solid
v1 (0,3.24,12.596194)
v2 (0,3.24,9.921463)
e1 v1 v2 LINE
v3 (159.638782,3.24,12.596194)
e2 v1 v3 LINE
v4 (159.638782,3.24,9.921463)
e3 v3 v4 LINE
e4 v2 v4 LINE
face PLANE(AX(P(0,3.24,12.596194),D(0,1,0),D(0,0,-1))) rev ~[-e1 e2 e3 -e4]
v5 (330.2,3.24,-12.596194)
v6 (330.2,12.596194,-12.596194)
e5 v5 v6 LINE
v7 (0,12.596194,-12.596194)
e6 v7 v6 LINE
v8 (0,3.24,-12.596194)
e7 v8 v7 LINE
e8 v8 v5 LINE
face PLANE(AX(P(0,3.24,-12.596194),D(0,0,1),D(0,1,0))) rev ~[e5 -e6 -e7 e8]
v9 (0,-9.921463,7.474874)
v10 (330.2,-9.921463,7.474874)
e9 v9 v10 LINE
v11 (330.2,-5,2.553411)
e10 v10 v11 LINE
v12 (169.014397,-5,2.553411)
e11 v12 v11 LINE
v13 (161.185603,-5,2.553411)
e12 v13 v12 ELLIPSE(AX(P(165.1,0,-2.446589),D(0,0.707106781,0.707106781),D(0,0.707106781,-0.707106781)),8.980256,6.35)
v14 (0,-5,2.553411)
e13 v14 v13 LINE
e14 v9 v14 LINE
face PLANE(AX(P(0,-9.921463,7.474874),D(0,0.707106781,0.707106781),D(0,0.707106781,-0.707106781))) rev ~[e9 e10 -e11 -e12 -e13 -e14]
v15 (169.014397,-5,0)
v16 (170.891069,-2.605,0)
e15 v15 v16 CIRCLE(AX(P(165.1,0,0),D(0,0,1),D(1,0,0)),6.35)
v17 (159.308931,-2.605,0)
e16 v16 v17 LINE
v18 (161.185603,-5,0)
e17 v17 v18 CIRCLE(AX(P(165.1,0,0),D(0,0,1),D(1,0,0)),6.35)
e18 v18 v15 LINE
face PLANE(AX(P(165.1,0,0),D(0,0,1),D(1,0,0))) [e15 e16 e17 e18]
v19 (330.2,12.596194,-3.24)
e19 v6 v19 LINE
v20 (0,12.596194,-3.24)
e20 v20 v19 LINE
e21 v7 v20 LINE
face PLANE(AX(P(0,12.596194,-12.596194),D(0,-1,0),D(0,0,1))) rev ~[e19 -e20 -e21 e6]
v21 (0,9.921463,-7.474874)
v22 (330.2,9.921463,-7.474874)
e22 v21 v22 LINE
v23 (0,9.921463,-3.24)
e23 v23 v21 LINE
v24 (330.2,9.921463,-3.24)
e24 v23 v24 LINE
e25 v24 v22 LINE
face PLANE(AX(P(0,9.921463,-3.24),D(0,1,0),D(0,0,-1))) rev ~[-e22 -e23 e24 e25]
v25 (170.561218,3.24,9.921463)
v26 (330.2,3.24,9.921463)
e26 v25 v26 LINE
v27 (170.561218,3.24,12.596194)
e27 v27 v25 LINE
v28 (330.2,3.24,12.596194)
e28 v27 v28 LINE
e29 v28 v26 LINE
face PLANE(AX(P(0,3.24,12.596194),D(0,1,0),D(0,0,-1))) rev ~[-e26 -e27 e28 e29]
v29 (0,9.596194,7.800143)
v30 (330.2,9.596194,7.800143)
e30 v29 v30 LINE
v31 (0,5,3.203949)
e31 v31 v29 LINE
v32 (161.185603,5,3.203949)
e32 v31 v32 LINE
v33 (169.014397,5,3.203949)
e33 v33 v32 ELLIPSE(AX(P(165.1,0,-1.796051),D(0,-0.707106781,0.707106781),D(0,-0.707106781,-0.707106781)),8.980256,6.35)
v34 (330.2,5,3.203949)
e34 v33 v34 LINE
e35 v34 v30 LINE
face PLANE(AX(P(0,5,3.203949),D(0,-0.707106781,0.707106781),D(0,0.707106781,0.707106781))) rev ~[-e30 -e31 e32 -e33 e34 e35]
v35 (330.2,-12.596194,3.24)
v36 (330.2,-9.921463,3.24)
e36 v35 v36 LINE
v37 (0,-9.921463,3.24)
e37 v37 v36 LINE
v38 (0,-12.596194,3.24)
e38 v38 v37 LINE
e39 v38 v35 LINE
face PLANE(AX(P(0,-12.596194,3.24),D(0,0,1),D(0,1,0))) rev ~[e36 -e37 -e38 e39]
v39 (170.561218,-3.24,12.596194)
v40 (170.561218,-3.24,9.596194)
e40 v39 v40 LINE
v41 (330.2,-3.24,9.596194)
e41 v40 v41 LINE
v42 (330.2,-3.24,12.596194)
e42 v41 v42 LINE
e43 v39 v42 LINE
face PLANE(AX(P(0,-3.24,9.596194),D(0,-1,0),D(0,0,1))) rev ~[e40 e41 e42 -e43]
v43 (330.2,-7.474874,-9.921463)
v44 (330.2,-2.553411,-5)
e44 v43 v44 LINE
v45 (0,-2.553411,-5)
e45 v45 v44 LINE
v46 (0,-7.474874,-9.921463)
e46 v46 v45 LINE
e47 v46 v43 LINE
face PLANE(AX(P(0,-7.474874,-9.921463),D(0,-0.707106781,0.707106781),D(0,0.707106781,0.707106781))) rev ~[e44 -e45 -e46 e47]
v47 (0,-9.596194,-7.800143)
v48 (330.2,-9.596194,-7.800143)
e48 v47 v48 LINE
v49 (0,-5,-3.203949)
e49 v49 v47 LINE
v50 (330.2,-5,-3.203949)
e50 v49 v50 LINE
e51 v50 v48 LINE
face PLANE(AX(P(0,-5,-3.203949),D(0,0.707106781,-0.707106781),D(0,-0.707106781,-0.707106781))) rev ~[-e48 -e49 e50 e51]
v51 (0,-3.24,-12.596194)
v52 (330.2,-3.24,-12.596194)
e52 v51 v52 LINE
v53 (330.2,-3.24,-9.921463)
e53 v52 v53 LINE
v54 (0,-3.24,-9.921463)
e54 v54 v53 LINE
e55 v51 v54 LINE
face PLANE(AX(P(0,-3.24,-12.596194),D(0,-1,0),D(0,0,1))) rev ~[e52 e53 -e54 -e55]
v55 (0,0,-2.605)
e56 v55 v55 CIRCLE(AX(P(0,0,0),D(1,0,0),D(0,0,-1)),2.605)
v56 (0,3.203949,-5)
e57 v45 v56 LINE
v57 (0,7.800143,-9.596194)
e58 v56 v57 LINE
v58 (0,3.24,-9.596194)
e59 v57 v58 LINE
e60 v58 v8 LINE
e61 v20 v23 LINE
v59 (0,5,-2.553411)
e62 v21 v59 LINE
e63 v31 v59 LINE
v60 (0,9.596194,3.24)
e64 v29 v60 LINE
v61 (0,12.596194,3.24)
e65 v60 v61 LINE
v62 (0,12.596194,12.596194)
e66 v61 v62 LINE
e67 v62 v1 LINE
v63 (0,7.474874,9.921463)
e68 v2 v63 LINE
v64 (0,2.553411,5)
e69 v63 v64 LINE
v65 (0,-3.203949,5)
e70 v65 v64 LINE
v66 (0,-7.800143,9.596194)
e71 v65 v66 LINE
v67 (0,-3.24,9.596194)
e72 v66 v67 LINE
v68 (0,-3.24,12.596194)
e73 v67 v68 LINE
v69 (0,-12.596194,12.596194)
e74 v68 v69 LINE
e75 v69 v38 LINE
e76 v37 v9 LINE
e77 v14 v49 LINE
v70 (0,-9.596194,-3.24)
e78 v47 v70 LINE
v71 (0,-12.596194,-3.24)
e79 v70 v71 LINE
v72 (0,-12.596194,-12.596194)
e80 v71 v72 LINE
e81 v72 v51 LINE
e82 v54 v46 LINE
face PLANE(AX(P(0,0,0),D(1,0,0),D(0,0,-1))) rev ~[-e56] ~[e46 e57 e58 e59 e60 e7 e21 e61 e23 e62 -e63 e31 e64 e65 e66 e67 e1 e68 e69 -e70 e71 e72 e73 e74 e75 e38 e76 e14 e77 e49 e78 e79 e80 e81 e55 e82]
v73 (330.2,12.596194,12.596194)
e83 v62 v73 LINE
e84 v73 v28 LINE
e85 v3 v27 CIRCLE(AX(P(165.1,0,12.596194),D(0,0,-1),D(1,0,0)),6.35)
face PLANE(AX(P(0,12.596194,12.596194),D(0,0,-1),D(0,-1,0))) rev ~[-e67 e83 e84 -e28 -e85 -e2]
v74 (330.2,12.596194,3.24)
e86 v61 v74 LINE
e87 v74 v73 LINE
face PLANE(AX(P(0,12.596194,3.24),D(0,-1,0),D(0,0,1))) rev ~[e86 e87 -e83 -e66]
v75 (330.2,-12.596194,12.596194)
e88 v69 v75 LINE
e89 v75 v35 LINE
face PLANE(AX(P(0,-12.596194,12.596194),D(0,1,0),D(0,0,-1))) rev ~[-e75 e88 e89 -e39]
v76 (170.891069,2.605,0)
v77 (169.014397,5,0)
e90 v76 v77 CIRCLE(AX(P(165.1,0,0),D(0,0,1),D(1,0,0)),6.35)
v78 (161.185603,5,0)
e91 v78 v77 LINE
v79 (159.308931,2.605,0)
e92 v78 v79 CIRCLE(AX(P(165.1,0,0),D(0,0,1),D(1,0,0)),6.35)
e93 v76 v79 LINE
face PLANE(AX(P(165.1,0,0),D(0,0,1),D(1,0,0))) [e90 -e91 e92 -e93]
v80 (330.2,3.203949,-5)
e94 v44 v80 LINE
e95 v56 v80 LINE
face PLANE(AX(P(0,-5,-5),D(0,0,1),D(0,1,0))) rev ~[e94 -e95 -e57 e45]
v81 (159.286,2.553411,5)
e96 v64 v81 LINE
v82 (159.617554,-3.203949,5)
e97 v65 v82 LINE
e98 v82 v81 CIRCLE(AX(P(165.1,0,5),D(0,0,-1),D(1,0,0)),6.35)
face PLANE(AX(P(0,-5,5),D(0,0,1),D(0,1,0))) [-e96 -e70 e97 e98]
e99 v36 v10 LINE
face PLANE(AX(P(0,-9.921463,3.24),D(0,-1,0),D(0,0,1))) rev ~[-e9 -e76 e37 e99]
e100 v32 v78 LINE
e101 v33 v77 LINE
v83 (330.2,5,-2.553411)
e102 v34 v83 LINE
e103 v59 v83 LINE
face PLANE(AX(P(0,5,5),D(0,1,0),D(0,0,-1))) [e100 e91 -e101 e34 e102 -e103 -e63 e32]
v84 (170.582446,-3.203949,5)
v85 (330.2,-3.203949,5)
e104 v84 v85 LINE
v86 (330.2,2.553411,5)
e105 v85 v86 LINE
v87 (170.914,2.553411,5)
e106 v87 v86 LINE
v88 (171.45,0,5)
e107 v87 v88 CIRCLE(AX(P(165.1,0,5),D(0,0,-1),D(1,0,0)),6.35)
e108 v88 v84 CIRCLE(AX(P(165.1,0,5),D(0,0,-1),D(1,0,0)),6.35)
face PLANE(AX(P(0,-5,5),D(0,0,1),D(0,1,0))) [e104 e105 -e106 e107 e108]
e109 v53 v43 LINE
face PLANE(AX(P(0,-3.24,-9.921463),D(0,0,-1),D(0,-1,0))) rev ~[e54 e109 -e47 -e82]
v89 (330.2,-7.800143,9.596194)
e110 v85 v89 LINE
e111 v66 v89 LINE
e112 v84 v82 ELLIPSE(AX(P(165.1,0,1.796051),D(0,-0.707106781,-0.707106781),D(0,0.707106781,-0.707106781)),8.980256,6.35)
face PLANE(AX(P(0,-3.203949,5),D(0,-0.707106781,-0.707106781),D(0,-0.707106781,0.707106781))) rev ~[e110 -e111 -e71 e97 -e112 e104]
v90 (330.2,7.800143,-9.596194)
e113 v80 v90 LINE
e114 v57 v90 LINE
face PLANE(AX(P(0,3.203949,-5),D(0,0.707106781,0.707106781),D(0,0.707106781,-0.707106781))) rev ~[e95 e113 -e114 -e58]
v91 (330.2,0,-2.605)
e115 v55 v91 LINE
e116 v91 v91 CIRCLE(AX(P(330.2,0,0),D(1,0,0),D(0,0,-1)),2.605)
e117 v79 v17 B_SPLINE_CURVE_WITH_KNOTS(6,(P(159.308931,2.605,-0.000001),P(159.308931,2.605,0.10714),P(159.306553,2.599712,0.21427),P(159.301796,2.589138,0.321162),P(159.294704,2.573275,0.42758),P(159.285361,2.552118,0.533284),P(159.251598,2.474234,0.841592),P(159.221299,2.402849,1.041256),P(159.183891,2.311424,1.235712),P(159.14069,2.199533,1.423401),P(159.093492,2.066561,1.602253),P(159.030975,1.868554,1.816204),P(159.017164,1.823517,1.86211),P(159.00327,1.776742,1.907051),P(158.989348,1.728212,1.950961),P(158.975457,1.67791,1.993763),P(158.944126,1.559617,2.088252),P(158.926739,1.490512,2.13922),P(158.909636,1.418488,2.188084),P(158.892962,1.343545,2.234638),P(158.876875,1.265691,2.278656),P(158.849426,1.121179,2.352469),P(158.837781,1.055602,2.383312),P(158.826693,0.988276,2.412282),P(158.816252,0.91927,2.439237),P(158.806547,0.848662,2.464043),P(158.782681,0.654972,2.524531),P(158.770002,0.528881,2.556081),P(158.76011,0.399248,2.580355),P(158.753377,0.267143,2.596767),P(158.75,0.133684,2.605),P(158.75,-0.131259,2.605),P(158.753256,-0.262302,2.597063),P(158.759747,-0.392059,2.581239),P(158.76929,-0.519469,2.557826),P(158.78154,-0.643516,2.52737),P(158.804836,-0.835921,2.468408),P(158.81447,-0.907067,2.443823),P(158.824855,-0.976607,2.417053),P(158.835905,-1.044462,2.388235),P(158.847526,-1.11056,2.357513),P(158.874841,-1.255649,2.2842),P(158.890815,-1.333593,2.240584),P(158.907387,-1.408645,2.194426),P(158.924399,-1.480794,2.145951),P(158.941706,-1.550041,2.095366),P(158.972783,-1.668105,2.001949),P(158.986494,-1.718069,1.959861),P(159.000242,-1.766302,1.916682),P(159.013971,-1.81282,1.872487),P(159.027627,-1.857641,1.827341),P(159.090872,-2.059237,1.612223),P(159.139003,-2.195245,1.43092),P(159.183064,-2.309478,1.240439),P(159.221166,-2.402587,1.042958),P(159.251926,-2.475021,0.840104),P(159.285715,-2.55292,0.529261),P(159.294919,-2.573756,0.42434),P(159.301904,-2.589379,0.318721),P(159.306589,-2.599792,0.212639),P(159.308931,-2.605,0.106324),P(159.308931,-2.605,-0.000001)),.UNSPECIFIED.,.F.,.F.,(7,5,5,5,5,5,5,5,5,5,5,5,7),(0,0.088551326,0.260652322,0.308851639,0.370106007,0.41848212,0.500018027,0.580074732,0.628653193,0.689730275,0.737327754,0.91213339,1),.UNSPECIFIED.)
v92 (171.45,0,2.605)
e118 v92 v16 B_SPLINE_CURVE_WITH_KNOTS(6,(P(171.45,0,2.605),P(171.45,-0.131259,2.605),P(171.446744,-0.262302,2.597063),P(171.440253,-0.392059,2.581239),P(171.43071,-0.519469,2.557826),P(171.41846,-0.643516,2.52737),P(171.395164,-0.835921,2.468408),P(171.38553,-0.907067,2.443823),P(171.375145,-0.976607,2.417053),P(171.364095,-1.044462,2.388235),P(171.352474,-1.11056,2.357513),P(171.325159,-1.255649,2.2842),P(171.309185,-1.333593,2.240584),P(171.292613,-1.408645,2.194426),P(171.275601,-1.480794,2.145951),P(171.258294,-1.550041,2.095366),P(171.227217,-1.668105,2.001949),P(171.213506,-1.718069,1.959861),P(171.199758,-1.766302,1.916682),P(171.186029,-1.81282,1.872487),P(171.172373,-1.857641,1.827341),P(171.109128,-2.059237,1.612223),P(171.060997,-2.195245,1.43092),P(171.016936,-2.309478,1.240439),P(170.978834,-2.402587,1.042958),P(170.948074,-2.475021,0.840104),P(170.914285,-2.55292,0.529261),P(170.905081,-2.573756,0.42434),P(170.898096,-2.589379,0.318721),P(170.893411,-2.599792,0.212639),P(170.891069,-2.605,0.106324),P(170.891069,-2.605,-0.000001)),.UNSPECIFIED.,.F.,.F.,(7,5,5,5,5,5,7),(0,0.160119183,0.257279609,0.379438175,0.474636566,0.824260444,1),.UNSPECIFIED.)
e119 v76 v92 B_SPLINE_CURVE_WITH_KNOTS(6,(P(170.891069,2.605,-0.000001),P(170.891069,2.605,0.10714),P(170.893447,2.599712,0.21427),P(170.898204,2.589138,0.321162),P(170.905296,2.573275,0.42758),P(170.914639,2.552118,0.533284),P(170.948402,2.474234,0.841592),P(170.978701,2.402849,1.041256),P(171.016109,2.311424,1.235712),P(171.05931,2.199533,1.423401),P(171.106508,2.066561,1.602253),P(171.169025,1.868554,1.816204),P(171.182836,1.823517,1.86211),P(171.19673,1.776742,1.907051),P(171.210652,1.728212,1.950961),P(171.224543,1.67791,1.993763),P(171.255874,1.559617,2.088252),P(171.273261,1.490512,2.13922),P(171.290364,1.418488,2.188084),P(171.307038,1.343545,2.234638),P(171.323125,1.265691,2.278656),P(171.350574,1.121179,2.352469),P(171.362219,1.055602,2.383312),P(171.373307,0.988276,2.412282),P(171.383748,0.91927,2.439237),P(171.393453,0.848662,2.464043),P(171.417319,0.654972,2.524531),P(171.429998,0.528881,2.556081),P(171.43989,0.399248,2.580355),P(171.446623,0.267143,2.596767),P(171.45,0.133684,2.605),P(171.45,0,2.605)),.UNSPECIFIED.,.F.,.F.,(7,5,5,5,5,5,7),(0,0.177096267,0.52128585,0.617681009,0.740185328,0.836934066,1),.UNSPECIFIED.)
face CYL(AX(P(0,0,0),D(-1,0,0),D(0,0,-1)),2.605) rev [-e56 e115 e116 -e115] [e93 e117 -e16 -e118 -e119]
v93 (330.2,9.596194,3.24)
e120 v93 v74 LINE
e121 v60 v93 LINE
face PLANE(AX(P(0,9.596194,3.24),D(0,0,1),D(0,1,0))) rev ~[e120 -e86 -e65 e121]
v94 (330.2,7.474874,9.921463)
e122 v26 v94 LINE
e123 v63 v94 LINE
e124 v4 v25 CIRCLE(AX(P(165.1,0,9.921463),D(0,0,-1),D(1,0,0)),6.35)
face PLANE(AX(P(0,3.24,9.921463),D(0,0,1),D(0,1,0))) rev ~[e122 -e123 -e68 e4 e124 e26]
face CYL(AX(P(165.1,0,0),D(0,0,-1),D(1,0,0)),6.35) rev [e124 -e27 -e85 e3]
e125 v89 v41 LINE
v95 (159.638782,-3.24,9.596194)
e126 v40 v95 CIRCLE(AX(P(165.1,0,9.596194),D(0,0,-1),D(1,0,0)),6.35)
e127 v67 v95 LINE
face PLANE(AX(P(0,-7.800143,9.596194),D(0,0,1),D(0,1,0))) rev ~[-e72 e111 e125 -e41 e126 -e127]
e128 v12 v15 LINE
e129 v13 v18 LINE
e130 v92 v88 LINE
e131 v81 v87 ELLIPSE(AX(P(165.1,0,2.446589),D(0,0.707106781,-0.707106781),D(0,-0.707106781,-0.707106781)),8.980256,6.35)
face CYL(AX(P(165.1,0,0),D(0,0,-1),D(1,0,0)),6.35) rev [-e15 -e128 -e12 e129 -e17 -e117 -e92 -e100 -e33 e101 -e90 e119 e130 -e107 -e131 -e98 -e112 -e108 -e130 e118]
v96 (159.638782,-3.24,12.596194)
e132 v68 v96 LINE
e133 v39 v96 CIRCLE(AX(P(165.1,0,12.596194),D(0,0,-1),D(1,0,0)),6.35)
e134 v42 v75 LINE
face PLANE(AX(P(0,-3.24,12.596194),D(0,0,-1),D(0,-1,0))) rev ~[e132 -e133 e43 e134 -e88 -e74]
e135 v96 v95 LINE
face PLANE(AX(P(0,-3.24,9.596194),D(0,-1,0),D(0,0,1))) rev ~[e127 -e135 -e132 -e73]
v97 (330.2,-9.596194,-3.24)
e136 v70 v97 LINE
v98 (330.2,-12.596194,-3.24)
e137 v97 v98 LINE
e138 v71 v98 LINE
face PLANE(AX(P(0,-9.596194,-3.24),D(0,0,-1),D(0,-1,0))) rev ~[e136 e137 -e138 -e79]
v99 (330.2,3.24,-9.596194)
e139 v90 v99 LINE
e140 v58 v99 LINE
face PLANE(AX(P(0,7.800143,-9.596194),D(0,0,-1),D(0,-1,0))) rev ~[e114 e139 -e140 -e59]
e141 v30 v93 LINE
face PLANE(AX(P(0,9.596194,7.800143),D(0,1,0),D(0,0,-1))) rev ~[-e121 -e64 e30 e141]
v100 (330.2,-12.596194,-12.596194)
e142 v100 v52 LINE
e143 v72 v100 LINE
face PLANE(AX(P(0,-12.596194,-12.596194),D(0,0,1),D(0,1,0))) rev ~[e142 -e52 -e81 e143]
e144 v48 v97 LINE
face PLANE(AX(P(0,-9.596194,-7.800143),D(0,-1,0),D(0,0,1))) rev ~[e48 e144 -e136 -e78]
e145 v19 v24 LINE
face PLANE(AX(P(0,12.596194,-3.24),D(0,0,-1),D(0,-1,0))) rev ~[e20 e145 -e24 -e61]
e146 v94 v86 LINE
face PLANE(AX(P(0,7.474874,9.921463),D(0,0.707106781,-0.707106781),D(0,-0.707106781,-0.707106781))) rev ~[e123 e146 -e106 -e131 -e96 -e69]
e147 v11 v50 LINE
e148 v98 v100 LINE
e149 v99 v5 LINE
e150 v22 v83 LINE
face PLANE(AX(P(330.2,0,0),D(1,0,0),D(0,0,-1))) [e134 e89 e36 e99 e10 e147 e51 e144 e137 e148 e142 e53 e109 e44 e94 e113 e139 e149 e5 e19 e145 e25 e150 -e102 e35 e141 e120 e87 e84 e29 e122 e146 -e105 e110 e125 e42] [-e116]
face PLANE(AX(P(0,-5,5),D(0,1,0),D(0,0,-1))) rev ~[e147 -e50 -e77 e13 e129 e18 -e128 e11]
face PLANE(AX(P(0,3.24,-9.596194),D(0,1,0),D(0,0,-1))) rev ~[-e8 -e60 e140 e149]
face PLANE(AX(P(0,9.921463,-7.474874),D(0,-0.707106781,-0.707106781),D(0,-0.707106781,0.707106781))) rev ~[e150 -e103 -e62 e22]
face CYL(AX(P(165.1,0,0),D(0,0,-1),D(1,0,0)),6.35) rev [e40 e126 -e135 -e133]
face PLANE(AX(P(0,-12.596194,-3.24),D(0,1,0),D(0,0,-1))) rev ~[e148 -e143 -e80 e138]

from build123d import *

# Parameters (mm, degrees)
SKETCH1_R           = 2.605
BOSS_EXTRUDE1_DEPTH = 330.2
CIRPATTERN1_COUNT   = 4
SKETCH2_R           = 6.35
CUT_EXTRUDE1_DEPTH  = 20


with BuildPart() as part:
    # Sketch1 → Boss-Extrude1 (new body)
    with BuildSketch(Plane(origin=(0, 0, 0), x_dir=(0, 0, -1), z_dir=(1, 0, 0))):
        Polygon((5, -5), (5, 3.203948776), (9.596194078, 7.800142853), (9.596194078, 3.24), (12.596194078, 3.24), (12.596194078, 12.596194078), (3.24, 12.596194078), (3.24, 9.921463197), (7.474873734, 9.921463197), (2.553410537, 5), (-5, 5), (-5, -5), align=None)
        Circle(SKETCH1_R, mode=Mode.SUBTRACT)
    boss_extrude1 = extrude(amount=BOSS_EXTRUDE1_DEPTH)

    # CirPattern1: Boss-Extrude1 ×4 about axis
    cirpattern1_axis = Axis((0, 0, 0), (1, 0, 0))
    for i in range(1, CIRPATTERN1_COUNT):
        add(boss_extrude1.rotate(cirpattern1_axis, i * 360 / CIRPATTERN1_COUNT))

    # Sketch2 → Cut-Extrude1 (cut)
    with BuildSketch(Plane.XY):
        with Locations((165.1, 0)):
            Circle(SKETCH2_R)
    extrude(amount=CUT_EXTRUDE1_DEPTH, mode=Mode.SUBTRACT)


solid = part.part
